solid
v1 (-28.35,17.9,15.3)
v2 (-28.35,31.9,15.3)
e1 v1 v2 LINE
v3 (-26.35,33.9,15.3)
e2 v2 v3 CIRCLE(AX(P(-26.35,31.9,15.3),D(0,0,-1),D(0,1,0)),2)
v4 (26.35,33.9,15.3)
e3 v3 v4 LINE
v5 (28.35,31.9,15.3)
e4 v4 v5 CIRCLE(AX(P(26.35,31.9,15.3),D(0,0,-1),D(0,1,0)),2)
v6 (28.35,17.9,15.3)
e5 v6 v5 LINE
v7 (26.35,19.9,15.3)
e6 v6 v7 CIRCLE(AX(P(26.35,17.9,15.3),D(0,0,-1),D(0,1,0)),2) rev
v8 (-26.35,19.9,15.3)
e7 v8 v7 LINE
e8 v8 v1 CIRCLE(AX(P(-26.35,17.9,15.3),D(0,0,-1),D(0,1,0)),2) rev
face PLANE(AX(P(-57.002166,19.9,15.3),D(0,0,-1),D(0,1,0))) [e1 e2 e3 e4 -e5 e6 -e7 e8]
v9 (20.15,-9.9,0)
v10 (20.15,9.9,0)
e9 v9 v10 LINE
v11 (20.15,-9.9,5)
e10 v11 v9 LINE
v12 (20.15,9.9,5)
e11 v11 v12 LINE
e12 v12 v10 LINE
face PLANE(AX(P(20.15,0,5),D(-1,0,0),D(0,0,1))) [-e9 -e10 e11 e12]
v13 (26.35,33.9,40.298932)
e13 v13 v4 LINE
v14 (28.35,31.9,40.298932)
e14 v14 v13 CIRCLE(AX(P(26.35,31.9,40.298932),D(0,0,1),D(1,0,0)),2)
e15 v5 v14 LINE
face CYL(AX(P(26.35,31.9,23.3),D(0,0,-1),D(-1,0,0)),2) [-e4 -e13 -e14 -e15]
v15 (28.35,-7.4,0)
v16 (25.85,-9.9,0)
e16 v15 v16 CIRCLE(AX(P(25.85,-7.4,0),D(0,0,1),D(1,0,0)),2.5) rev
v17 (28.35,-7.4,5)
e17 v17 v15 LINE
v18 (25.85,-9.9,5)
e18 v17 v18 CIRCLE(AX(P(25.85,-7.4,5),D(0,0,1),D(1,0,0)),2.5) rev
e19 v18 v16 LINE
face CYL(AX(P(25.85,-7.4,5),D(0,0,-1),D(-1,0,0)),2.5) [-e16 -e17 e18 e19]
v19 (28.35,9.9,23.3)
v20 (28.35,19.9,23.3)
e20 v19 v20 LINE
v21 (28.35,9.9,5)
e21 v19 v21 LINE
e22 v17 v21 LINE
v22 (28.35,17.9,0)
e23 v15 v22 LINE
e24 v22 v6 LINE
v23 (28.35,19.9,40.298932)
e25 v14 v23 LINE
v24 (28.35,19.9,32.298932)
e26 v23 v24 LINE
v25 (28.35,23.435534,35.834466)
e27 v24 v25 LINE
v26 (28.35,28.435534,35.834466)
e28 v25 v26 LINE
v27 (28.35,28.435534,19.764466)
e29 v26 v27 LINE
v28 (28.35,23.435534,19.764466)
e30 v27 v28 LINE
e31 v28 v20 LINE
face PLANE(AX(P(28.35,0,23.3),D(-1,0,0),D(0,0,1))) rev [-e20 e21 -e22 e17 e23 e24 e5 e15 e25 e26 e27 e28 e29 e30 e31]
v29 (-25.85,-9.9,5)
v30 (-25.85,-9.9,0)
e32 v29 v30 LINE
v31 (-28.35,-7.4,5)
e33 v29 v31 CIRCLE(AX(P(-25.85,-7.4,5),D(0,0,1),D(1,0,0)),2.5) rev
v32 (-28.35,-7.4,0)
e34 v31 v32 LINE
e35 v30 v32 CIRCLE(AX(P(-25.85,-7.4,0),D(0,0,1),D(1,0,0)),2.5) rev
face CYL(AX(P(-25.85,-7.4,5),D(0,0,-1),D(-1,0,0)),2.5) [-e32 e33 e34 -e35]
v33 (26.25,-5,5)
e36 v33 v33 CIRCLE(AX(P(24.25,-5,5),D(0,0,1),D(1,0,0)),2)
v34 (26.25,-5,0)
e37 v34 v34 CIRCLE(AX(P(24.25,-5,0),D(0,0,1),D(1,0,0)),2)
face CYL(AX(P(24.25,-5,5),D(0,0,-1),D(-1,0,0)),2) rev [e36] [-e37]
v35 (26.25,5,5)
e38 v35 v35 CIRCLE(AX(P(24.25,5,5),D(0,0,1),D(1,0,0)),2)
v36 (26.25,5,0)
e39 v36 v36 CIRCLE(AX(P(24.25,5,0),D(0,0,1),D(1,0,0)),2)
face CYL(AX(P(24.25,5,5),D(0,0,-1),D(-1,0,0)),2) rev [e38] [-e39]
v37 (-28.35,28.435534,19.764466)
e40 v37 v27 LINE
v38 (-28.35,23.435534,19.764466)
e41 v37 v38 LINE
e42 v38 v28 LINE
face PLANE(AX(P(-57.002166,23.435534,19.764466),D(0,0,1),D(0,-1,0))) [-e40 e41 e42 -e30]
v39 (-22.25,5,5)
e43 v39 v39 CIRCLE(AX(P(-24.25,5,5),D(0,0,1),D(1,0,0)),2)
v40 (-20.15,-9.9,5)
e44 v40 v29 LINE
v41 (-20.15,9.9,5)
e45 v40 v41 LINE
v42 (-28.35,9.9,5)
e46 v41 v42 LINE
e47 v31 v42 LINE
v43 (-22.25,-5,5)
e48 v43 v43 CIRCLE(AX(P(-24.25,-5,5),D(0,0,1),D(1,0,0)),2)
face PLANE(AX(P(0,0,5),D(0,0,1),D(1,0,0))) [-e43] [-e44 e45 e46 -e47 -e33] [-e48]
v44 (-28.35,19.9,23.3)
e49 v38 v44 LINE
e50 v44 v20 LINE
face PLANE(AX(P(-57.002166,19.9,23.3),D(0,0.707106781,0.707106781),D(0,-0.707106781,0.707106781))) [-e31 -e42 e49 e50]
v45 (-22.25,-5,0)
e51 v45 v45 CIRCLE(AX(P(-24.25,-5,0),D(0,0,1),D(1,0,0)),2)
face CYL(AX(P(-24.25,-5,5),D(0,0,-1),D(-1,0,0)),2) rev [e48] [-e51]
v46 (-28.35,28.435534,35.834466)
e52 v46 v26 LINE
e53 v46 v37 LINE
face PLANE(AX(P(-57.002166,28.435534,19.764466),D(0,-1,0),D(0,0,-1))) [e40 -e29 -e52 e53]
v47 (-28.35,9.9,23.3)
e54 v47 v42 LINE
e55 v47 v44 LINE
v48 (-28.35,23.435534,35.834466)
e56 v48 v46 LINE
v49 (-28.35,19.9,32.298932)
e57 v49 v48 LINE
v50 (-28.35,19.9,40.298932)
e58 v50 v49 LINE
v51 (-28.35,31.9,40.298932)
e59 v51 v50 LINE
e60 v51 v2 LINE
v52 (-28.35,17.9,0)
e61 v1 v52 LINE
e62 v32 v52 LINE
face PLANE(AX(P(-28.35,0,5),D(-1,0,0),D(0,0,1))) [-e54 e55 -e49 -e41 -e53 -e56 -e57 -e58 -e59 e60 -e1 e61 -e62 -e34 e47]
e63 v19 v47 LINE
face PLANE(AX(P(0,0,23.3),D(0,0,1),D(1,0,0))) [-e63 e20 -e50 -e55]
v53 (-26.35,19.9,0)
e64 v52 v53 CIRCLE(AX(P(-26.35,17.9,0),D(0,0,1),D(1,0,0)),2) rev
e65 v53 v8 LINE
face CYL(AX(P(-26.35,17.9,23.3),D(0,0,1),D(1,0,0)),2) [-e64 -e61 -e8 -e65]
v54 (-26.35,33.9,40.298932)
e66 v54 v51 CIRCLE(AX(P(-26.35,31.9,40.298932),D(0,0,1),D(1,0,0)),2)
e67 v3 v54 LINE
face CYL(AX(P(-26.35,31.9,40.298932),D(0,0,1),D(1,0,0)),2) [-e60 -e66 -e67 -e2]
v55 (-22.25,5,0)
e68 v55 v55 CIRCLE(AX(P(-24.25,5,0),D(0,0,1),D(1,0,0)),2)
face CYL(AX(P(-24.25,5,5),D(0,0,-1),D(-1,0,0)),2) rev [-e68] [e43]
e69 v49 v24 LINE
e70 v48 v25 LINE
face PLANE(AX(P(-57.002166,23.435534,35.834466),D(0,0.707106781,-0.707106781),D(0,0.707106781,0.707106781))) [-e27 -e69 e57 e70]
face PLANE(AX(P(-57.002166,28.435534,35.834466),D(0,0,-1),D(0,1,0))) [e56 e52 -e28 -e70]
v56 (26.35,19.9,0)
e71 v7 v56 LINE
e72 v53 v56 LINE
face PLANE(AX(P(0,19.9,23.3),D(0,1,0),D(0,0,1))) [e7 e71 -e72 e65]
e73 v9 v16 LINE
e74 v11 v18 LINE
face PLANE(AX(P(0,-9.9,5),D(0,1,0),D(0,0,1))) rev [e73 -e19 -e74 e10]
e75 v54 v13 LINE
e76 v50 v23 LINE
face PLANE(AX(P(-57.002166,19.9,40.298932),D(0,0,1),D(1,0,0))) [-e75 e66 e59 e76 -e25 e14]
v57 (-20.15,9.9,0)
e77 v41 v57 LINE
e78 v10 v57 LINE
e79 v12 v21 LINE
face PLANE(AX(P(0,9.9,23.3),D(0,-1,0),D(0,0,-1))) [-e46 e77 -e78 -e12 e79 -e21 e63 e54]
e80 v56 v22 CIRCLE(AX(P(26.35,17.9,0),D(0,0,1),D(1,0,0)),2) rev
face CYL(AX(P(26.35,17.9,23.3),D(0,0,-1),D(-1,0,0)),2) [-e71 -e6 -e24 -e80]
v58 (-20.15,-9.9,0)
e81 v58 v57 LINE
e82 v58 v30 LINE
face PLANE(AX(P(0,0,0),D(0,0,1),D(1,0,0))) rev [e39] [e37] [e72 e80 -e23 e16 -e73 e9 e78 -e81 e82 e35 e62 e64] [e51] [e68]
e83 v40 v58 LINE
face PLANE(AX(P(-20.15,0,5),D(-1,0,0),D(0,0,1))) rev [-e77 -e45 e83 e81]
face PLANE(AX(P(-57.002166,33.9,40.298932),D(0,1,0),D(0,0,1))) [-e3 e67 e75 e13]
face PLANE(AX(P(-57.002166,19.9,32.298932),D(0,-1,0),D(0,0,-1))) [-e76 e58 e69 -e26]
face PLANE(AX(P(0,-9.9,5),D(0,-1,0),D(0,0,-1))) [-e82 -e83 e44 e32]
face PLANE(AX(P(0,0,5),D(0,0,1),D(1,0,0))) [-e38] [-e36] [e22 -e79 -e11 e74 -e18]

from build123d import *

# Parameters (mm, degrees)
SKETCH1_R               = 2
FORMA_B_SICA_DEPTH      = 5
FORMA_B_SICA_2_DEPTH    = 5
BOSS_EXTRUDE2_DEPTH     = 23.3
CARRIL_CREMALLERA_DEPTH = 56.7
ELIMINAR_FILETE_DEPTH   = 23.3
FILLET2_R               = 2


with BuildPart() as part:
    # Sketch1 → Forma básica (new body)
    with BuildSketch(Plane.XY):
        with BuildLine():
            ThreePointArc((-25.85, -9.9), (-27.617766953, -9.167766953), (-28.35, -7.4))
            Line((-28.35, -7.4), (-28.35, 9.9))
            Line((-28.35, 9.9), (-20.15, 9.9))
            Line((-20.15, 9.9), (-20.15, -9.9))
            Line((-20.15, -9.9), (-25.85, -9.9))
        make_face()
        with Locations((-24.25, -5)):
            Circle(SKETCH1_R, mode=Mode.SUBTRACT)
        with Locations((-24.25, 5)):
            Circle(SKETCH1_R, mode=Mode.SUBTRACT)
    extrude(amount=FORMA_B_SICA_DEPTH)



with BuildPart() as body_2:
    # Sketch1 → Forma b_sica 2 (new body)
    with BuildSketch(Plane.XY):
        with BuildLine():
            ThreePointArc((28.35, -7.4), (27.617766953, -9.167766953), (25.85, -9.9))
            Line((25.85, -9.9), (20.15, -9.9))
            Line((20.15, -9.9), (20.15, 9.9))
            Line((20.15, 9.9), (28.35, 9.9))
            Line((28.35, 9.9), (28.35, -7.4))
        make_face()
        with Locations((24.25, 5)):
            Circle(SKETCH1_R, mode=Mode.SUBTRACT)
        with Locations((24.25, -5)):
            Circle(SKETCH1_R, mode=Mode.SUBTRACT)
    extrude(amount=FORMA_B_SICA_2_DEPTH)


with BuildPart() as part_1:
    add(part.part)

    add(body_2.part)  # Boss-Extrude2 merges body 2
    # Sketch1<3> → Boss-Extrude2 (add)
    with BuildSketch(Plane.XY):
        with BuildLine():
            Line((-28.35, 9.9), (-20.15, 9.9))
            Line((-20.15, 9.9), (20.15, 9.9))
            Line((20.15, 9.9), (28.35, 9.9))
            Line((28.35, 9.9), (28.35, 17.4))
            ThreePointArc((28.35, 17.4), (27.617766953, 19.167766953), (25.85, 19.9))
            Line((25.85, 19.9), (-25.85, 19.9))
            ThreePointArc((-25.85, 19.9), (-27.617766953, 19.167766953), (-28.35, 17.4))
            Line((-28.35, 17.4), (-28.35, 9.9))
        make_face()
    extrude(amount=BOSS_EXTRUDE2_DEPTH)

    # Sketch2 → Carril cremallera (add)
    with BuildSketch(Plane(origin=(28.35, 0, 0), x_dir=(0, 0, -1), z_dir=(1, 0, 0))):
        Polygon((-23.3, 19.9), (-19.764466094, 23.435533906), (-19.764466094, 28.435533906), (-35.834466094, 28.435533906), (-35.834466094, 23.435533906), (-32.298932188, 19.9), (-40.298932188, 19.9), (-40.298932188, 33.9), (-15.3, 33.9), (-15.3, 19.9), align=None)
    extrude(amount=-CARRIL_CREMALLERA_DEPTH)

    # Sketch3 → Eliminar filete (add)
    with BuildSketch(Plane.XY.offset(23.3)):
        with BuildLine():
            Line((-28.35, 17.4), (-28.35, 19.9))
            Line((-28.35, 19.9), (-25.85, 19.9))
            ThreePointArc((-25.85, 19.9), (-27.617766953, 19.167766953), (-28.35, 17.4))
        make_face()
        with BuildLine():
            Line((28.35, 19.9), (25.85, 19.9))
            ThreePointArc((25.85, 19.9), (27.617766953, 19.167766953), (28.35, 17.4))
            Line((28.35, 17.4), (28.35, 19.9))
        make_face()
    extrude(amount=-ELIMINAR_FILETE_DEPTH)

    # Fillet2
    fillet2_edges = [part_1.edges().sort_by_distance(p)[0] for p in [
        (28.35, 33.9, 27.799466094),
        (-28.35, 33.9, 27.799466094),
        (-28.35, 19.9, 7.65),
        (28.35, 19.9, 7.65),
    ]]
    fillet(fillet2_edges, radius=FILLET2_R)


solid = part_1.part
